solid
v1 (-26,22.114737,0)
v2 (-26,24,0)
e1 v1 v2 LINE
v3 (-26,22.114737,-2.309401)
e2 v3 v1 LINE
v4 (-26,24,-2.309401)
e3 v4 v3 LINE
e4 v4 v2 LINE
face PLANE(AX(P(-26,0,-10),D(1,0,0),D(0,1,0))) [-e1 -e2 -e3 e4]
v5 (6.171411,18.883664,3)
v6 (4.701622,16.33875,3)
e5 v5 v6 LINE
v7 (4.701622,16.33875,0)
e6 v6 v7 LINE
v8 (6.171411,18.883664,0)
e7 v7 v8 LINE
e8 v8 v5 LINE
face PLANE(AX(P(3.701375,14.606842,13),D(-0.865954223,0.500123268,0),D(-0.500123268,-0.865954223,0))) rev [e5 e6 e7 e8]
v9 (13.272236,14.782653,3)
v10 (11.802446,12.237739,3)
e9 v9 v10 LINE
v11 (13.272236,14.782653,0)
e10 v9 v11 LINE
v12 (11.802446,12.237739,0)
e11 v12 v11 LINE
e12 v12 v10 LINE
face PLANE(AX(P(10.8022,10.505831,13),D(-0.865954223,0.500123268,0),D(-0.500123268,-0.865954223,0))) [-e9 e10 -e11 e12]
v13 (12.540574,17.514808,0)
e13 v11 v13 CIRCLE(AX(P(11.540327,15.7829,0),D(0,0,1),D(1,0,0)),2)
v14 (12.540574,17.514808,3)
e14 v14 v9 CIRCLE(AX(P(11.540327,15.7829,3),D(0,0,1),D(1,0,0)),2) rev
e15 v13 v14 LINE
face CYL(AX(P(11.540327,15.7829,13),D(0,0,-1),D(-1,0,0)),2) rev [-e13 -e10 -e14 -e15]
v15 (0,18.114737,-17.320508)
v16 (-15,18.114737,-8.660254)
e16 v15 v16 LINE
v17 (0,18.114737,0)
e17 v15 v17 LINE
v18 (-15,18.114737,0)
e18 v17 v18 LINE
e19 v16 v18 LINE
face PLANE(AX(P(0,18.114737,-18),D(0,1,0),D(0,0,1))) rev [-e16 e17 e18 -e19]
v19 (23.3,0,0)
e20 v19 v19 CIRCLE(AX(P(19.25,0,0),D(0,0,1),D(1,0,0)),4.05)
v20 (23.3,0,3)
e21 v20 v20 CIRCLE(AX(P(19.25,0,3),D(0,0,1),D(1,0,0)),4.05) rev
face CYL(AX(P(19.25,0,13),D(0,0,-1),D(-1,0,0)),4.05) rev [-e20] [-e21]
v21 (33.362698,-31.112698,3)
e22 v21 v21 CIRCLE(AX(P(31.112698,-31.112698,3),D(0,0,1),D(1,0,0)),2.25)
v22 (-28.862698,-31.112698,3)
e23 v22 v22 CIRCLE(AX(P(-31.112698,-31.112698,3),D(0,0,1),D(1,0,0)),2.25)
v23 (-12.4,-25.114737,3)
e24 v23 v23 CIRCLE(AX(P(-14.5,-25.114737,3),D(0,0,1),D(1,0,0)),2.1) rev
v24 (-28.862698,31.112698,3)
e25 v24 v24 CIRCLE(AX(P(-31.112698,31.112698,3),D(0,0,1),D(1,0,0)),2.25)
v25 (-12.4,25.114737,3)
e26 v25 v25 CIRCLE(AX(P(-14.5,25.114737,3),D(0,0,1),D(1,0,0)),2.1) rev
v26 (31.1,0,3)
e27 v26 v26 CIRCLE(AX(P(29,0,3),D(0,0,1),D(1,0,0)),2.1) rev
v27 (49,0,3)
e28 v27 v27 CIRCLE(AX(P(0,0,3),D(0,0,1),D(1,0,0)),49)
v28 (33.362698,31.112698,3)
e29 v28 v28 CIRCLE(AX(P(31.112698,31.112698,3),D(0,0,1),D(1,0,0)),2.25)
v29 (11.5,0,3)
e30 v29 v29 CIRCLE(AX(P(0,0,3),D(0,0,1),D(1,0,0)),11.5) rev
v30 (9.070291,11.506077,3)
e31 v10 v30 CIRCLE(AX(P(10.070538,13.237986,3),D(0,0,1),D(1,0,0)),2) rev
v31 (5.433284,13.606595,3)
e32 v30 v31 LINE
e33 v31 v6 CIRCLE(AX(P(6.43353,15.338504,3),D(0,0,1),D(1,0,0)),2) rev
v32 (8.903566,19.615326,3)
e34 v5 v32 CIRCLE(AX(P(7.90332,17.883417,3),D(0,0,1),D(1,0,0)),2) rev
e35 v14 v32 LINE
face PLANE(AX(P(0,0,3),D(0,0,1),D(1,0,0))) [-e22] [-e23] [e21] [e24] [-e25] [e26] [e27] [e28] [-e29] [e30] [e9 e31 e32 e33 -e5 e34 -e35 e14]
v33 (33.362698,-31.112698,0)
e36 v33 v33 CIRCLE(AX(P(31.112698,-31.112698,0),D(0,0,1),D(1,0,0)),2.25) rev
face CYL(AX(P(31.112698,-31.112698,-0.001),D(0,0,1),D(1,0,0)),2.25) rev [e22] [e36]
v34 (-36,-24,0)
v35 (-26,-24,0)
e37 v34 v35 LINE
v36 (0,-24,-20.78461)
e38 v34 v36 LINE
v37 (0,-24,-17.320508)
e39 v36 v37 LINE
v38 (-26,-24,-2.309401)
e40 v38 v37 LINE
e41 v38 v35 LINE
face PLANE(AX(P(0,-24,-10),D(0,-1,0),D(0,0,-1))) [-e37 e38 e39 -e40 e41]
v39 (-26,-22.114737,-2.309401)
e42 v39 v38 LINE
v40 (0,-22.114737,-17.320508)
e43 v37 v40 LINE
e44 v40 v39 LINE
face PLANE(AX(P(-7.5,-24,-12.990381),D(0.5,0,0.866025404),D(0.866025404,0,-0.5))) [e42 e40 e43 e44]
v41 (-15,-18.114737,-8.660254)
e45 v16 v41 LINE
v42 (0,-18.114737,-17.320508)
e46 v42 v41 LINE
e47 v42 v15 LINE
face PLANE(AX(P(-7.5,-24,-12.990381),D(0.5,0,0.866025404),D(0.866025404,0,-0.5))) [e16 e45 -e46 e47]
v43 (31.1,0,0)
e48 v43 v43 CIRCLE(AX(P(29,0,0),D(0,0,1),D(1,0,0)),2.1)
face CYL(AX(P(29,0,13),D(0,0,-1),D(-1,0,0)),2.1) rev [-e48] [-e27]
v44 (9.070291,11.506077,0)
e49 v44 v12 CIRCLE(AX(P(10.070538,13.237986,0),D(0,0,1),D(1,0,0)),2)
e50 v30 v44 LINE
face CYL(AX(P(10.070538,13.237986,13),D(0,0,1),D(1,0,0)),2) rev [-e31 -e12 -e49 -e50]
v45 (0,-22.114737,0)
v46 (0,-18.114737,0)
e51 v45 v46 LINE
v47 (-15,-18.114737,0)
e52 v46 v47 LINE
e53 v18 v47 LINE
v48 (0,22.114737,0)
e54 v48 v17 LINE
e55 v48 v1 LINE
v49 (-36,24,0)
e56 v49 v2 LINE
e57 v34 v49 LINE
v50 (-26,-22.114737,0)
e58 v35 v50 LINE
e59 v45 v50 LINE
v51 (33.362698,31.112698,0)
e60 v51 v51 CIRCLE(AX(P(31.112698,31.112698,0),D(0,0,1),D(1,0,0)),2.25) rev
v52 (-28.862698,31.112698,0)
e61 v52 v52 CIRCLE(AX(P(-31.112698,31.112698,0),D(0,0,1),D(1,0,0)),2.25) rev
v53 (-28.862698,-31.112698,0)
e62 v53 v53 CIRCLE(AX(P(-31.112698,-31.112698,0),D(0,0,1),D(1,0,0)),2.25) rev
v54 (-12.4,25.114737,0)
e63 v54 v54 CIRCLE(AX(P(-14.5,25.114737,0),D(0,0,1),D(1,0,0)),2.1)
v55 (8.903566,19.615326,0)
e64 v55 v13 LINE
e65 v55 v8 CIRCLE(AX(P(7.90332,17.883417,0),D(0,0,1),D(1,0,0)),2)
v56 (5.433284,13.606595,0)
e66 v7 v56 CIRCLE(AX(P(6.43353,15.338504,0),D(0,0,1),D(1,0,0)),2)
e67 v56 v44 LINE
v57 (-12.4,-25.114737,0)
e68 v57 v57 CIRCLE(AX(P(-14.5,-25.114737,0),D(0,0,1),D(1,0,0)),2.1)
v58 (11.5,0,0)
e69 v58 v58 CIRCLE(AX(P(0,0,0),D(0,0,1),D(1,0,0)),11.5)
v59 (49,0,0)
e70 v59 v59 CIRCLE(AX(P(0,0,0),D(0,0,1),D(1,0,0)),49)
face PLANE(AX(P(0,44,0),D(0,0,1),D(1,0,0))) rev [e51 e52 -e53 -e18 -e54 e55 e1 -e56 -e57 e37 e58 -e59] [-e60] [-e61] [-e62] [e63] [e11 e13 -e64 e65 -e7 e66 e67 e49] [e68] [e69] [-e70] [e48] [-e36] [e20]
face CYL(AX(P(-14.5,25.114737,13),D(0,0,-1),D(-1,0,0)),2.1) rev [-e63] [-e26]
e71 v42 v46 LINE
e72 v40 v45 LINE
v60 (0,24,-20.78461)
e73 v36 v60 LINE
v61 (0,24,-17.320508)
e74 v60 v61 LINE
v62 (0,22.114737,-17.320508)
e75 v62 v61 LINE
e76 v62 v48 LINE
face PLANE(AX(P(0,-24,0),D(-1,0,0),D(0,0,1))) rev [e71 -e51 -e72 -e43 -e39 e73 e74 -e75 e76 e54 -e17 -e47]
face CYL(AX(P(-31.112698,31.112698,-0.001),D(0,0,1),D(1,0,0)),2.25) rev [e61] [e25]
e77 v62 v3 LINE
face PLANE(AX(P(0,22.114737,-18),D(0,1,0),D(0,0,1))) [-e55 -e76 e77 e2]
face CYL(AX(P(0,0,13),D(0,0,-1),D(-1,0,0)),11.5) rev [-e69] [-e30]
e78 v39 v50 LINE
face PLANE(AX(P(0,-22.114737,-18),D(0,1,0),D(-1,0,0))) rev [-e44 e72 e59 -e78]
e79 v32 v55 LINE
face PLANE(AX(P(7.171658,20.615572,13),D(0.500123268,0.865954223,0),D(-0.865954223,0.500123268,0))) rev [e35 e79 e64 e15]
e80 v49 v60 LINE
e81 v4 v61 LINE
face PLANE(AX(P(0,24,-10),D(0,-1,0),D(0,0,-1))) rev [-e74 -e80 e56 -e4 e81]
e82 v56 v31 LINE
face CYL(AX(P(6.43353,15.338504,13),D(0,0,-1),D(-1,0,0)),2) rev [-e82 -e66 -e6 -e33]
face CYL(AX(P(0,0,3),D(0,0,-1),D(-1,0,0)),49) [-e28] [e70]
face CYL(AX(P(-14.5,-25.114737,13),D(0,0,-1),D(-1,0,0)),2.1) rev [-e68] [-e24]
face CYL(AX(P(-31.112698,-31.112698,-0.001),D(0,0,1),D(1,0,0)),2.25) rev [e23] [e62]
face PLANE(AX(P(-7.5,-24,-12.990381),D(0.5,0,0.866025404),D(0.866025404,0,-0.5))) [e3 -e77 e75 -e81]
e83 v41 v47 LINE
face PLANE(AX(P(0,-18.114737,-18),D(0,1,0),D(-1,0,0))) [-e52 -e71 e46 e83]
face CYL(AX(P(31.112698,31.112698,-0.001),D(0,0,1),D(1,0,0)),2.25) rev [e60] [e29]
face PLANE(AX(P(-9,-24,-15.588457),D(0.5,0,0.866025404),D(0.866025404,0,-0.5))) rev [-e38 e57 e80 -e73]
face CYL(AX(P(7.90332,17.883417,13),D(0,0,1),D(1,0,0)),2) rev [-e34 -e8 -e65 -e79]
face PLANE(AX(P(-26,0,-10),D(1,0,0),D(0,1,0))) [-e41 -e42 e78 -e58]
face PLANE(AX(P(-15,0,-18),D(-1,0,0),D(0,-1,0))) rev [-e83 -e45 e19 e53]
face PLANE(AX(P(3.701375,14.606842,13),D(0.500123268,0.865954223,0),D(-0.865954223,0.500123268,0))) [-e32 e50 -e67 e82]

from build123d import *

# Parameters (mm, degrees)
SKETCH_1_R          = 1.6
EXTRUDE_4_DEPTH     = 13
EXTRUDE_4_2_DEPTH   = 13
EXTRUDE_4_3_DEPTH   = 13
EXTRUDE_4_4_DEPTH   = 13
SKETCH_1_R_2        = 2.1
EXTRUDE_4_5_DEPTH   = 13
EXTRUDE_4_6_DEPTH   = 13
EXTRUDE_4_7_DEPTH   = 13
SKETCH_8_R          = 49
EXTRUDE_5_DEPTH     = 3
SKETCH_9_R          = 2.1
CUT_EXTRUDE_2_DEPTH = 13
SKETCH_3_R          = 8.6
CUT_EXTRUDE_3_DEPTH = 13
SKETCH_6_R          = 4.05
CUT_EXTRUDE_4_DEPTH = 13
CUT_EXTRUDE_5_DEPTH = 13
SKETCH_2_R          = 11.5
CUT_EXTRUDE_6_DEPTH = 13
FILLET_1_R          = 2
CUT_EXTRUDE_7_REACH = 71.361
SKETCH_10_R         = 2.25
EXTRUDE_START       = -3
SKETCH_11_R         = 2.1
EXTRUDE_6_DEPTH     = 3
SKETCH_12_W         = 10
SKETCH_12_H         = 48
EXTRUDE_7_DEPTH     = 10
EXTRUDE_8_DEPTH     = 48
SKETCH_16_W         = 15
SKETCH_16_H         = 4
SKETCH_16_W_2       = 11
SKETCH_16_H_2       = 18.11473671
EXTRUDE_9_DEPTH     = 18
CUT_EXTRUDE_8_DEPTH = 48


with BuildPart() as part:
    # 草图1 → 凸台-拉伸4 (new body)
    with BuildSketch(Plane.XY):
        with Locations((0, 44)):
            Circle(SKETCH_1_R)
    extrude(amount=EXTRUDE_4_DEPTH)



with BuildPart() as body_2:
    # 草图1 → Extrude 4 2 (new body)
    with BuildSketch(Plane.XY):
        with Locations((44, 0)):
            Circle(SKETCH_1_R)
    extrude(amount=EXTRUDE_4_2_DEPTH)


with BuildPart() as body_3:
    # 草图1 → Extrude 4 3 (new body)
    with BuildSketch(Plane.XY):
        with Locations((0, -44)):
            Circle(SKETCH_1_R)
    extrude(amount=EXTRUDE_4_3_DEPTH)


with BuildPart() as body_4:
    # 草图1 → Extrude 4 4 (new body)
    with BuildSketch(Plane.XY):
        with Locations((-44, 0)):
            Circle(SKETCH_1_R)
    extrude(amount=EXTRUDE_4_4_DEPTH)


with BuildPart() as body_5:
    # 草图1 → Extrude 4 5 (new body)
    with BuildSketch(Plane.XY):
        with Locations((29, 0)):
            Circle(SKETCH_1_R_2)
    extrude(amount=EXTRUDE_4_5_DEPTH)


with BuildPart() as body_6:
    # 草图1 → Extrude 4 6 (new body)
    with BuildSketch(Plane.XY):
        with Locations((-14.5, 25.11473671)):
            Circle(SKETCH_1_R_2)
    extrude(amount=EXTRUDE_4_6_DEPTH)


with BuildPart() as body_7:
    # 草图1 → Extrude 4 7 (new body)
    with BuildSketch(Plane.XY):
        with Locations((-14.5, -25.11473671)):
            Circle(SKETCH_1_R_2)
    extrude(amount=EXTRUDE_4_7_DEPTH)


with BuildPart() as part_1:
    add(part.part)

    add(body_2.part)  # 凸台-拉伸5 merges body 2

    add(body_3.part)  # 凸台-拉伸5 merges body 3

    add(body_4.part)  # 凸台-拉伸5 merges body 4

    add(body_5.part)  # 凸台-拉伸5 merges body 5

    add(body_6.part)  # 凸台-拉伸5 merges body 6

    add(body_7.part)  # 凸台-拉伸5 merges body 7
    # 草图8 → 凸台-拉伸5 (add)
    with BuildSketch(Plane.XY):
        Circle(SKETCH_8_R)
    extrude(amount=EXTRUDE_5_DEPTH)

    # 草图9 → 切除-拉伸2 (cut)
    with BuildSketch(Plane.XY):
        with Locations((0, 44)):
            Circle(SKETCH_9_R)
        with Locations((44, 0)):
            Circle(SKETCH_9_R)
        with Locations((0, -44)):
            Circle(SKETCH_9_R)
        with Locations((-44, 0)):
            Circle(SKETCH_9_R)
        with Locations((-14.5, 25.11473671)):
            Circle(SKETCH_9_R)
        with Locations((-14.5, -25.11473671)):
            Circle(SKETCH_9_R)
        with Locations((29, 0)):
            Circle(SKETCH_9_R)
    extrude(amount=CUT_EXTRUDE_2_DEPTH, mode=Mode.SUBTRACT)

    # 草图3 → 切除-拉伸3 (cut)
    with BuildSketch(Plane.XY):
        Circle(SKETCH_3_R)
    extrude(amount=CUT_EXTRUDE_3_DEPTH, mode=Mode.SUBTRACT)

    # 草图6 → 切除-拉伸4 (cut)
    with BuildSketch(Plane.XY):
        with Locations((19.25, 0)):
            Circle(SKETCH_6_R)
    extrude(amount=CUT_EXTRUDE_4_DEPTH, mode=Mode.SUBTRACT)

    # 草图7 → 切除-拉伸5 (cut)
    with BuildSketch(Plane.XY):
        Polygon((10.802199699, 10.505830841), (14.272482459, 16.5145615), (7.171657827, 20.615572296), (3.701375067, 14.606841637), align=None)
    extrude(amount=CUT_EXTRUDE_5_DEPTH, mode=Mode.SUBTRACT)

    # 草图2 → 切除-拉伸6 (cut)
    with BuildSketch(Plane.XY):
        Circle(SKETCH_2_R)
    extrude(amount=CUT_EXTRUDE_6_DEPTH, mode=Mode.SUBTRACT)

    # 圆角1
    fillet_1_edges = [part_1.edges().sort_by_distance(p)[0] for p in [
        (7.171657827, 20.615572296, 1.5),
        (3.701375067, 14.606841637, 1.5),
        (10.802199699, 10.505830841, 1.5),
        (14.272482459, 16.5145615, 1.5),
    ]]
    fillet(fillet_1_edges, radius=FILLET_1_R)

    # 草图10 → 切除-拉伸7 (cut, up to next)
    with BuildSketch(Plane.XY.offset(3), mode=Mode.PRIVATE) as cut_extrude_7_sk1:
        with Locations((-31.112698372, 31.112698372)):
            Circle(SKETCH_10_R)
    cut_extrude_7_tool1 = extrude(cut_extrude_7_sk1.sketch, amount=-CUT_EXTRUDE_7_REACH, mode=Mode.PRIVATE) & part_1.part
    # 草图10 → 切除-拉伸7 (cut, up to next)
    with BuildSketch(Plane.XY.offset(3), mode=Mode.PRIVATE) as cut_extrude_7_sk2:
        with Locations((31.112698372, 31.112698372)):
            Circle(SKETCH_10_R)
    cut_extrude_7_tool2 = extrude(cut_extrude_7_sk2.sketch, amount=-CUT_EXTRUDE_7_REACH, mode=Mode.PRIVATE) & part_1.part
    # 草图10 → 切除-拉伸7 (cut, up to next)
    with BuildSketch(Plane.XY.offset(3), mode=Mode.PRIVATE) as cut_extrude_7_sk3:
        with Locations((31.112698372, -31.112698372)):
            Circle(SKETCH_10_R)
    cut_extrude_7_tool3 = extrude(cut_extrude_7_sk3.sketch, amount=-CUT_EXTRUDE_7_REACH, mode=Mode.PRIVATE) & part_1.part
    # 草图10 → 切除-拉伸7 (cut, up to next)
    with BuildSketch(Plane.XY.offset(3), mode=Mode.PRIVATE) as cut_extrude_7_sk4:
        with Locations((-31.112698372, -31.112698372)):
            Circle(SKETCH_10_R)
    cut_extrude_7_tool4 = extrude(cut_extrude_7_sk4.sketch, amount=-CUT_EXTRUDE_7_REACH, mode=Mode.PRIVATE) & part_1.part
    add(cut_extrude_7_tool1.solids().sort_by_distance((-31.112698, 31.112698, 3))[0], mode=Mode.SUBTRACT)
    add(cut_extrude_7_tool2.solids().sort_by_distance((31.112698, 31.112698, 3))[0], mode=Mode.SUBTRACT)
    add(cut_extrude_7_tool3.solids().sort_by_distance((31.112698, -31.112698, 3))[0], mode=Mode.SUBTRACT)
    add(cut_extrude_7_tool4.solids().sort_by_distance((-31.112698, -31.112698, 3))[0], mode=Mode.SUBTRACT)

    # 草图11 → 凸台-拉伸6 (add)
    with BuildSketch(Plane.XY.offset(3).offset(EXTRUDE_START)):
        with Locations((-44, 0)):
            Circle(SKETCH_11_R)
        with Locations((0, -44)):
            Circle(SKETCH_11_R)
        with Locations((44, 0)):
            Circle(SKETCH_11_R)
        with Locations((0, 44)):
            Circle(SKETCH_11_R)
    extrude(amount=EXTRUDE_6_DEPTH)

    # 草图12 → 凸台-拉伸7 (add)
    with BuildSketch(Plane(origin=(0, 0, 0), x_dir=(-1, 0, 0), z_dir=(0, 0, -1))):
        with Locations((31, 0)):
            Rectangle(SKETCH_12_W, SKETCH_12_H)
    extrude(amount=EXTRUDE_7_DEPTH)

    # 草图13 → 凸台-拉伸8 (add)
    with BuildSketch(Plane(origin=(0, 24, 0), x_dir=(1, 0, 0), z_dir=(0, 1, 0))):
        Polygon((0, 20.784609691), (-26, 5.773502692), (-26, 2.309401077), (0, 17.320508076), align=None)
        Polygon((-26, 5.773502692), (-36, 0), (-30, 0), (-26, 2.309401077), align=None)
    extrude(amount=-EXTRUDE_8_DEPTH)

    # 草图16 → 凸台-拉伸9 (add)
    with BuildSketch(Plane(origin=(0, 0, 0), x_dir=(-1, 0, 0), z_dir=(0, 0, -1))):
        with Locations((7.5, -20.11473671)):
            Rectangle(SKETCH_16_W, SKETCH_16_H)
        with Locations((20.5, -20.11473671)):
            Rectangle(SKETCH_16_W_2, SKETCH_16_H)
        with Locations((20.5, -9.057368355)):
            Rectangle(SKETCH_16_W_2, SKETCH_16_H_2)
        with Locations((7.5, 20.11473671)):
            Rectangle(SKETCH_16_W, SKETCH_16_H)
        with Locations((20.5, 20.11473671)):
            Rectangle(SKETCH_16_W_2, SKETCH_16_H)
        with Locations((20.5, 9.057368355)):
            Rectangle(SKETCH_16_W_2, SKETCH_16_H_2)
    extrude(amount=EXTRUDE_9_DEPTH)

    # 草图14 → 切除-拉伸8 (cut)
    with BuildSketch(Plane(origin=(0, 24, 0), x_dir=(1, 0, 0), z_dir=(0, 1, 0))):
        Polygon((0, 20.784609691), (-36, 20.784609691), (-36, 0), align=None)
    extrude(amount=-CUT_EXTRUDE_8_DEPTH, mode=Mode.SUBTRACT)


solid = part_1.part
